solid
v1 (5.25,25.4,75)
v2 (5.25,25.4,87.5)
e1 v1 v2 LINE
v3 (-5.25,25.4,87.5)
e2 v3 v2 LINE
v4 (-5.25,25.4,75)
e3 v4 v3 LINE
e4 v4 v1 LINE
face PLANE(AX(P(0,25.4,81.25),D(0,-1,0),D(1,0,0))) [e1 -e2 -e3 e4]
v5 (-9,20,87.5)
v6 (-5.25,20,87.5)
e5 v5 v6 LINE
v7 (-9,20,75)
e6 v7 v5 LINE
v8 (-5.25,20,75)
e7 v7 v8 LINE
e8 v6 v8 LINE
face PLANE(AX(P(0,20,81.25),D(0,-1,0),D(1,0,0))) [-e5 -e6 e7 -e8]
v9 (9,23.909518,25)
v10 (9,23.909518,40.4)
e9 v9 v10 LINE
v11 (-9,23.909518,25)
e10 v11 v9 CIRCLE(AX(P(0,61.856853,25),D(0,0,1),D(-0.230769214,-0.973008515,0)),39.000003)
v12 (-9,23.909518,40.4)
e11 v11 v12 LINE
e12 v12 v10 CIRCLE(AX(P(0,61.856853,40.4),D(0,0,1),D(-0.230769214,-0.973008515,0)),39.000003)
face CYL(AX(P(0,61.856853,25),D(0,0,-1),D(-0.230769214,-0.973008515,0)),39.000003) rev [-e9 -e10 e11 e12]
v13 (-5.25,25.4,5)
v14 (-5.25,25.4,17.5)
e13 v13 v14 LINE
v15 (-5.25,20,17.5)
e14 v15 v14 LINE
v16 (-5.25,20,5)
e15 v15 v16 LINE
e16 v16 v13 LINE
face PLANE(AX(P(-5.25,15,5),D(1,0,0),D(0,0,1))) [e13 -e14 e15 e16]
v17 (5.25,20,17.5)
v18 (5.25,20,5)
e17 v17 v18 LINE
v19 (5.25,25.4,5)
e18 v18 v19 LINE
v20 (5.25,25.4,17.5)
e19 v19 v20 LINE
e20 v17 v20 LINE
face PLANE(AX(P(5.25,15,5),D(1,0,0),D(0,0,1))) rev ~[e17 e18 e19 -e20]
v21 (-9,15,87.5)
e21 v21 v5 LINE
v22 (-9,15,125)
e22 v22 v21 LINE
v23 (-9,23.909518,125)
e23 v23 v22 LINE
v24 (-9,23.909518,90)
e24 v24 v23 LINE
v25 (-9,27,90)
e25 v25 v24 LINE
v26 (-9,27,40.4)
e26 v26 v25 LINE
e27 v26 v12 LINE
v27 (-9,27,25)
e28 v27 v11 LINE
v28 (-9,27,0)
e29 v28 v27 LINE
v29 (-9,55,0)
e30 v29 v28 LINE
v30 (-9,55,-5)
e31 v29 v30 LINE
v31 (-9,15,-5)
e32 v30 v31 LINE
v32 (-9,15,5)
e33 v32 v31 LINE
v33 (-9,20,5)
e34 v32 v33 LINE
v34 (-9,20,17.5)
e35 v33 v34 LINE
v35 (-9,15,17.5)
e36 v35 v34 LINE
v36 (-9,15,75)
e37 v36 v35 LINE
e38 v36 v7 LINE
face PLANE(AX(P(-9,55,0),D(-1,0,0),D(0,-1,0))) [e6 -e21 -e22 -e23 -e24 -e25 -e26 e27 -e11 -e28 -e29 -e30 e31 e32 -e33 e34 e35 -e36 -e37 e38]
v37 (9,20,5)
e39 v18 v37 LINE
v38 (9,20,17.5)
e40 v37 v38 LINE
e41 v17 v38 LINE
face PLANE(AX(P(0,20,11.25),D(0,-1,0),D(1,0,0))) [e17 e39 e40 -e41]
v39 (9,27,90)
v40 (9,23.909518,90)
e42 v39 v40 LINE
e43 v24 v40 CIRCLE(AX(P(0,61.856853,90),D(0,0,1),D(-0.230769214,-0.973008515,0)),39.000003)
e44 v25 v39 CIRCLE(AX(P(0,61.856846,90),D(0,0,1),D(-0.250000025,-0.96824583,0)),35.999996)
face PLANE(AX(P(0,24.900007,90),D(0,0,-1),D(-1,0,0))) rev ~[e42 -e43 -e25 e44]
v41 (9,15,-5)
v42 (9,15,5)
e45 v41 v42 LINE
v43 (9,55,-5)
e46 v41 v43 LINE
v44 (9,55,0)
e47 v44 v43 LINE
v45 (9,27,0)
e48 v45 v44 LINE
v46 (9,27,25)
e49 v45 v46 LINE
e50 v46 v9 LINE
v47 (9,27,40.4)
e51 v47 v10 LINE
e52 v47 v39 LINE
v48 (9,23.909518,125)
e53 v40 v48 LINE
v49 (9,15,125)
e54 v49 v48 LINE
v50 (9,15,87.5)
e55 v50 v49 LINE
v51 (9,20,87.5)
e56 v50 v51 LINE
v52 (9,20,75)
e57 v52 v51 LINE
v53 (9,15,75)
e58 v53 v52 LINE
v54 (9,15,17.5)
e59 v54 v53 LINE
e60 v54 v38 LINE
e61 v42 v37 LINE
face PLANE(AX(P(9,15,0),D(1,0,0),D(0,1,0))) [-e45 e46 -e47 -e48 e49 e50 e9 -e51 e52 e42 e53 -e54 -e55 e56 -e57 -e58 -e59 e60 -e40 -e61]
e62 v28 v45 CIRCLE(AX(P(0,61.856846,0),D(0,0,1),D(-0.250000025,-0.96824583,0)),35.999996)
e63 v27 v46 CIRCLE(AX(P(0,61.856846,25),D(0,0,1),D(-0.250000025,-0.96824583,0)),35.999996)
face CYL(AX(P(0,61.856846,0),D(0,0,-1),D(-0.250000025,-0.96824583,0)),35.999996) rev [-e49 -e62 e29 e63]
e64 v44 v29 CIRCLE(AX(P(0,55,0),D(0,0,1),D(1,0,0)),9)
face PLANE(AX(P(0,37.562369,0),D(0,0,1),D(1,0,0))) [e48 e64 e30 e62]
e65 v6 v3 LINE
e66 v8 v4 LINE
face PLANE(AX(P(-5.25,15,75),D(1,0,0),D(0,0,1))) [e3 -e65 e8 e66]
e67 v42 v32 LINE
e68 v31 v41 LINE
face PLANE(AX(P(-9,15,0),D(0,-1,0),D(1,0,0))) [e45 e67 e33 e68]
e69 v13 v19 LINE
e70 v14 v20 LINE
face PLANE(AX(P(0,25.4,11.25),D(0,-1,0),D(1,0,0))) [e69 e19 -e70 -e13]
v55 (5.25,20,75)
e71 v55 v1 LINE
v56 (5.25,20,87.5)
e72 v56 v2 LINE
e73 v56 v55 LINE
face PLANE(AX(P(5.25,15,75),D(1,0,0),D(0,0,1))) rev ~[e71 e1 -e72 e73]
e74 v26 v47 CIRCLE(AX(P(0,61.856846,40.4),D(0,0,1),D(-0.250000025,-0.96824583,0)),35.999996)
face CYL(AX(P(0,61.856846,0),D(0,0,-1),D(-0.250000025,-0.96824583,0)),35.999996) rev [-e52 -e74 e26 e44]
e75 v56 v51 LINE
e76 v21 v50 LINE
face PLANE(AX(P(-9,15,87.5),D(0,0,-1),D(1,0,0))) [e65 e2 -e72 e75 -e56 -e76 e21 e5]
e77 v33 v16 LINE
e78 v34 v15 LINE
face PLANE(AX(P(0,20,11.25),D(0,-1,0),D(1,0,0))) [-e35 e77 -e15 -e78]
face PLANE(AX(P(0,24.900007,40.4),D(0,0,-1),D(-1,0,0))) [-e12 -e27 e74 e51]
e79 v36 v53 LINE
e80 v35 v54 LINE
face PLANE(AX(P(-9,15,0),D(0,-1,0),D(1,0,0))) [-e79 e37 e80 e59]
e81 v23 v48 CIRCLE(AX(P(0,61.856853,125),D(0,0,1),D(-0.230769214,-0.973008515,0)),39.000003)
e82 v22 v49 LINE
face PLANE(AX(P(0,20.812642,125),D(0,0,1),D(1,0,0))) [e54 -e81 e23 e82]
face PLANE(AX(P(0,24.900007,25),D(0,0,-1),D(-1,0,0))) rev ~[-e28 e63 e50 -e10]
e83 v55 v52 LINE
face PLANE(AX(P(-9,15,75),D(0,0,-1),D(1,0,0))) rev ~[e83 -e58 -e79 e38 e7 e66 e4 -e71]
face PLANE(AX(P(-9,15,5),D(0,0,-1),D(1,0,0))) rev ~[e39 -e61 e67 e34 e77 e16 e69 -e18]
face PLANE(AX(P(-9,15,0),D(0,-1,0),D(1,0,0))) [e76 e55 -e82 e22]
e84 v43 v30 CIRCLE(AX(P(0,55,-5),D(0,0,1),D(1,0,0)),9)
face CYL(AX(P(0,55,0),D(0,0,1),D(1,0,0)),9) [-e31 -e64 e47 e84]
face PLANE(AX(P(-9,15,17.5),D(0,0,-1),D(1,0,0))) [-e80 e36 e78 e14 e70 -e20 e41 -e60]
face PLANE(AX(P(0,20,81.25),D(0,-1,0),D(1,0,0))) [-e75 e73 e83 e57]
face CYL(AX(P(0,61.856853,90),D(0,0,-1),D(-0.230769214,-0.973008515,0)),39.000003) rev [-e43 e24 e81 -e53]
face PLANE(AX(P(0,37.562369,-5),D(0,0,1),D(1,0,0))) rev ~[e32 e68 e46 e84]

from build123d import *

# Parameters (mm, degrees)
PAD002_DEPTH    = 125
PAD003_DEPTH    = 5
SKETCH004_W     = 10.5
SKETCH004_H     = 12.5
POCKET_DEPTH    = 10.4
POCKET001_DEPTH = 15.4
POCKET002_DEPTH = 35
SKETCH016_W     = 18
SKETCH016_H     = 12.5
POCKET008_DEPTH = 5


with BuildPart() as part:
    # Sketch002 → Pad002 (new body)
    with BuildSketch(Plane.XY):
        with BuildLine():
            Line((-9, 15), (9, 15))
            Line((9, 15), (9, 27))
            ThreePointArc((-9, 27), (0, 25.85685), (9, 27))
            Line((-9, 27), (-9, 15))
        make_face()
    extrude(amount=PAD002_DEPTH)

    # Sketch003 → Pad003 (join)
    with BuildSketch(Plane.XY):
        with BuildLine():
            Line((-9, 15), (9, 15))
            Line((9, 15), (9, 55))
            ThreePointArc((9, 55), (0, 64), (-9, 55))
            Line((-9, 55), (-9, 15))
        make_face()
    extrude(amount=-PAD003_DEPTH)

    # Sketch004 → Pocket (cut)
    with BuildSketch(Plane.XZ.offset(-15)):
        with Locations((0, 11.25)):
            Rectangle(SKETCH004_W, SKETCH004_H)
        with Locations((0, 81.25)):
            Rectangle(SKETCH004_W, SKETCH004_H)
    extrude(amount=-POCKET_DEPTH, mode=Mode.SUBTRACT)

    # Sketch008 → Pocket001 (cut)
    with BuildSketch(Plane.XY.offset(25)):
        with BuildLine():
            ThreePointArc((-9, 27), (0, 25.85685), (9, 27))
            Line((9, 27), (9, 23.909518))
            ThreePointArc((-9, 23.909518), (0, 22.85685), (9, 23.909518))
            Line((-9, 27), (-9, 23.909518))
        make_face()
    extrude(amount=POCKET001_DEPTH, mode=Mode.SUBTRACT)

    # Sketch009 → Pocket002 (cut)
    with BuildSketch(Plane.XY.offset(90)):
        with BuildLine():
            ThreePointArc((-9, 27), (0, 25.85685), (9, 27))
            Line((9, 27), (9, 23.909518))
            ThreePointArc((-9, 23.909518), (0, 22.85685), (9, 23.909518))
            Line((-9, 27), (-9, 23.909518))
        make_face()
    extrude(amount=POCKET002_DEPTH, mode=Mode.SUBTRACT)

    # Sketch016 → Pocket008 (cut)
    with BuildSketch(Plane.XZ.offset(-15)):
        with Locations((0, 11.25)):
            Rectangle(SKETCH016_W, SKETCH016_H)
        with Locations((0, 81.25)):
            Rectangle(SKETCH016_W, SKETCH016_H)
    extrude(amount=-POCKET008_DEPTH, mode=Mode.SUBTRACT)


solid = part.part
